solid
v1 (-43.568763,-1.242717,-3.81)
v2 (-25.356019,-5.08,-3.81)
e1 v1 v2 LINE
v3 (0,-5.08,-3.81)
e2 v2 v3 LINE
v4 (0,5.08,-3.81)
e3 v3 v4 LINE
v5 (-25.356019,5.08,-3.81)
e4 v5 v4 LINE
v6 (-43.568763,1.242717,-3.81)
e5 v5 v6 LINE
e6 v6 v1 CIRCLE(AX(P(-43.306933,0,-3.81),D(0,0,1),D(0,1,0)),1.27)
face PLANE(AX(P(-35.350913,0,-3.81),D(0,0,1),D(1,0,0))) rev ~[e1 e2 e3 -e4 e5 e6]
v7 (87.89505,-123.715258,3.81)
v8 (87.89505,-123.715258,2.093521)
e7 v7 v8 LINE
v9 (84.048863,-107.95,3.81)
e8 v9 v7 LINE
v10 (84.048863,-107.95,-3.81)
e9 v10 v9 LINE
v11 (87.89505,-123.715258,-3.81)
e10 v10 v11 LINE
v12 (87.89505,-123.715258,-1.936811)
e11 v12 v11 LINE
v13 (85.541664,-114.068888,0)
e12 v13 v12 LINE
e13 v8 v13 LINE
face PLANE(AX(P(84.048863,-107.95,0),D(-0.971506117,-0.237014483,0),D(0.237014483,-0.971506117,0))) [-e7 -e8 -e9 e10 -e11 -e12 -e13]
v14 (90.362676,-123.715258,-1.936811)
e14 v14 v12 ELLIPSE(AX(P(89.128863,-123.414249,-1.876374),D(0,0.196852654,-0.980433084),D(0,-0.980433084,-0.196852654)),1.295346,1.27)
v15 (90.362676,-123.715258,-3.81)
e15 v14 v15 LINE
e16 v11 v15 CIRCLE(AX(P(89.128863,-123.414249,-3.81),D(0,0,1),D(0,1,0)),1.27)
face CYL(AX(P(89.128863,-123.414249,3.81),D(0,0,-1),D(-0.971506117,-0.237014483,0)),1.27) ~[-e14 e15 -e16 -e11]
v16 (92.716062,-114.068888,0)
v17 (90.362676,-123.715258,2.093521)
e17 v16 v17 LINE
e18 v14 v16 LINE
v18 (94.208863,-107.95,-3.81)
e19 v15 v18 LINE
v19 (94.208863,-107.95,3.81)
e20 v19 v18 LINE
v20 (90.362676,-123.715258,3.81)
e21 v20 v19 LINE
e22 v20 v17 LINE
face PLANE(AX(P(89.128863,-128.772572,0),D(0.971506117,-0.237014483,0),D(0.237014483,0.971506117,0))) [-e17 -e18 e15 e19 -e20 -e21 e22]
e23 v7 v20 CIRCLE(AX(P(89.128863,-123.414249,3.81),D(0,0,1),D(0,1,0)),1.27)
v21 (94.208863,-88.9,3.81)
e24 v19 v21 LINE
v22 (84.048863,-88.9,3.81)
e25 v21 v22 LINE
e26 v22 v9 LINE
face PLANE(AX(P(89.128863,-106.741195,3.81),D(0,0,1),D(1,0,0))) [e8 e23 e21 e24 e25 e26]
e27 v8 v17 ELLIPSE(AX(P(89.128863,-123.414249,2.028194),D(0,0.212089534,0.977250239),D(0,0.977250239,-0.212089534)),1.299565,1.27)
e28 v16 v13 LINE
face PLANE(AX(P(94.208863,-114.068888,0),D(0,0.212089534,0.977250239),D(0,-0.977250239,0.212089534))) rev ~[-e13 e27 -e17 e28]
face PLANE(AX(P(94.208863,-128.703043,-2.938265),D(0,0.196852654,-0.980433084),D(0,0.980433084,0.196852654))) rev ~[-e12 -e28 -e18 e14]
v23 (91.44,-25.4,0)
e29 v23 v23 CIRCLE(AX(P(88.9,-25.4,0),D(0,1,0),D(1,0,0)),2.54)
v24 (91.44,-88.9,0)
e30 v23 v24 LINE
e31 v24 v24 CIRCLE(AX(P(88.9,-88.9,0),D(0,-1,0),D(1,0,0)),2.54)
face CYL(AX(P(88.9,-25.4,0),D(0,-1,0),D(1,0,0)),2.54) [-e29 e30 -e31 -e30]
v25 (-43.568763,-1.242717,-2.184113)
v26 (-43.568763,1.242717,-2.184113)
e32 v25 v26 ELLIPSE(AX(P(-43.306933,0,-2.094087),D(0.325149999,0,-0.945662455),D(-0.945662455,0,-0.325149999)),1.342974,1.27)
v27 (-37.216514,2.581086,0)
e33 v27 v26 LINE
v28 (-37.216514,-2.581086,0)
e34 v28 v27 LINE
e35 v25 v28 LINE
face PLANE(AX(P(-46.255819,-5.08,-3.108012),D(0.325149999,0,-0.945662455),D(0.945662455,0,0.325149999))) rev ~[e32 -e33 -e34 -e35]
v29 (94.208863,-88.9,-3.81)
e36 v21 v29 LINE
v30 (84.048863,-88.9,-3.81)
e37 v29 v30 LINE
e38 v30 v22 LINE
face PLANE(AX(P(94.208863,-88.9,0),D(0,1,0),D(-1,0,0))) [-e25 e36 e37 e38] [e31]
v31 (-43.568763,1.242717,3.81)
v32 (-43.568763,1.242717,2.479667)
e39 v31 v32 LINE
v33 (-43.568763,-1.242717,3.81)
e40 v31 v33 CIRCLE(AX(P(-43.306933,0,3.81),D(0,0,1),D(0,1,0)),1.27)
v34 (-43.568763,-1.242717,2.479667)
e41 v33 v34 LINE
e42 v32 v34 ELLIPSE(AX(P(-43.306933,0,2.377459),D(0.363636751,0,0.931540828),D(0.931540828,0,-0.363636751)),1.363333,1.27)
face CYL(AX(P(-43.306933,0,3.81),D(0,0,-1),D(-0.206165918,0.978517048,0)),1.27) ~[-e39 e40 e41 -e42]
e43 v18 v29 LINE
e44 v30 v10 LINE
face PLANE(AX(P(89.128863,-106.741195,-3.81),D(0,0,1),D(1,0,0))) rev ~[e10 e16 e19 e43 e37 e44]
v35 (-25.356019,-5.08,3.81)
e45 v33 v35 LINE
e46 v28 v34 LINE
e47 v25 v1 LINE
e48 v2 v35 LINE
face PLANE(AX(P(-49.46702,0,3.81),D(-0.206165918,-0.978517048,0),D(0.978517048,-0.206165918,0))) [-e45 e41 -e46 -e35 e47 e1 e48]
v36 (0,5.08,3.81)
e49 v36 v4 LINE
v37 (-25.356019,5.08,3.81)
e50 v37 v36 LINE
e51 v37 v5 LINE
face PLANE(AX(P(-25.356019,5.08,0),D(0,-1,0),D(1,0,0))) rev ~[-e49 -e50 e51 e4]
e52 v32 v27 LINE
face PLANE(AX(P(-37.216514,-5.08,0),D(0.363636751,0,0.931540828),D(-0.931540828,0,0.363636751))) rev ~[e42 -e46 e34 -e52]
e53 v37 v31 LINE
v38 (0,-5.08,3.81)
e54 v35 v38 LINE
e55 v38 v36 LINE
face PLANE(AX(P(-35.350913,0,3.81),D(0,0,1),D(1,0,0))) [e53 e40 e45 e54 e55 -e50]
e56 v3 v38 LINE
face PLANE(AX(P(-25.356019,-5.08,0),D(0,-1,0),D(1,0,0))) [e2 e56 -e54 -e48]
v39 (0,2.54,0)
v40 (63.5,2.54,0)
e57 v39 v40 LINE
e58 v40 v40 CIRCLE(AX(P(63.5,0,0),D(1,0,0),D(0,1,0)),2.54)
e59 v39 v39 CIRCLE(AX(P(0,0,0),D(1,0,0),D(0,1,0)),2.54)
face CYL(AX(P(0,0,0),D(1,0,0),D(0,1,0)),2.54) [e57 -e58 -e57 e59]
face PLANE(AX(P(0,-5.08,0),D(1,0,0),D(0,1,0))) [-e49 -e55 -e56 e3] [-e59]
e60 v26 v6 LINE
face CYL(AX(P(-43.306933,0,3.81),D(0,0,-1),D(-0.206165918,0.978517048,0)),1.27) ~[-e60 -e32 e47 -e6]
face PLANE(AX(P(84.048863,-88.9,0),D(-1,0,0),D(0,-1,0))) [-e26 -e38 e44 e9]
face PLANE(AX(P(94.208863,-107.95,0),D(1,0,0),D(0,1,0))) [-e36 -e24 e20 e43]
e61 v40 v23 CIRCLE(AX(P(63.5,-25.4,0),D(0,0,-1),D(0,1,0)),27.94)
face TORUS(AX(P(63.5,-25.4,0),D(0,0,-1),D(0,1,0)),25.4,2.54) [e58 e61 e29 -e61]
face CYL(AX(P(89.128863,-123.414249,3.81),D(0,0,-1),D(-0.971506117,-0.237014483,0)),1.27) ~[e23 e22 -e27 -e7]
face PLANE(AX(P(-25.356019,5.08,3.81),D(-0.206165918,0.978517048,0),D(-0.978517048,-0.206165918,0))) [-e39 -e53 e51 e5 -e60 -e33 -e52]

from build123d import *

# Parameters (mm, degrees)
F0_R      = 2.54
F3_W      = 25.3560190095
F3_H      = 10.16
F4_DEPTH  = 3.81
F6_DEPTH  = 7.62
F7_R      = 1.27
F9_DEPTH  = 25.4
F11_DEPTH = 3.81
F12_R     = 1.27
F14_DEPTH = 25.4


with BuildPart() as f2:
    # F2: sweep along a path in F1
    with BuildLine(Plane.XY) as f2_path:
        Line((0, 0), (63.5, 0))
        ThreePointArc((63.5, 0), (81.4605122421, -7.4394877579), (88.9, -25.4))
        Line((88.9, -25.4), (88.9, -88.9))
    # F0 (on Right) → F2 (sweep)
    with BuildSketch(Plane.YZ):
        Circle(F0_R)
    sweep(path=f2_path.line)

    # F3 (on Top) → F4 (join, symmetric)
    with BuildSketch(Plane.XY):
        with Locations((-12.6780095048, 0)):
            Rectangle(F3_W, F3_H)
    extrude(amount=F4_DEPTH, both=True)

    # F5 (on face) → F6 (join, through all)
    with BuildSketch(Plane.XY.offset(3.81)):
        Polygon((-25.3560190095, -5.08), (-25.3560190095, 5.08), (-49.4670197368, 0), align=None)
    extrude(amount=-F6_DEPTH)

    # F7
    f7_edges = [f2.edges().sort_by_distance(p)[0] for p in [
        (-49.46702, 0, 0),
    ]]
    fillet(f7_edges, radius=F7_R)

    # F8 (on face) → F9 (cut)
    with BuildSketch(Plane.XZ.offset(5.08)):
        Polygon((-46.2558194995, -3.1080117915), (-37.216514349, 0), (-46.2558194995, 3.528587753), align=None)
    extrude(amount=-F9_DEPTH, mode=Mode.SUBTRACT)

    # F10 (on Top) → F11 (join, symmetric)
    with BuildSketch(Plane.XY):
        Polygon((94.2088630664, -88.9), (84.0488630664, -88.9), (84.0488630664, -107.95), (89.1288630664, -128.7725716829), (94.2088630664, -107.95), align=None)
    extrude(amount=F11_DEPTH, both=True)

    # F12
    f12_edges = [f2.edges().sort_by_distance(p)[0] for p in [
        (89.128863, -128.772572, 0),
    ]]
    fillet(f12_edges, radius=F12_R)

    # F13 (on face) → F14 (cut)
    with BuildSketch(Plane.YZ.offset(94.2088630664)):
        Polygon((-128.7030428648, -2.9382649809), (-114.0688881278, 0), (-128.7030428648, 3.176004393), align=None)
    extrude(amount=-F14_DEPTH, mode=Mode.SUBTRACT)


solid = f2.part
